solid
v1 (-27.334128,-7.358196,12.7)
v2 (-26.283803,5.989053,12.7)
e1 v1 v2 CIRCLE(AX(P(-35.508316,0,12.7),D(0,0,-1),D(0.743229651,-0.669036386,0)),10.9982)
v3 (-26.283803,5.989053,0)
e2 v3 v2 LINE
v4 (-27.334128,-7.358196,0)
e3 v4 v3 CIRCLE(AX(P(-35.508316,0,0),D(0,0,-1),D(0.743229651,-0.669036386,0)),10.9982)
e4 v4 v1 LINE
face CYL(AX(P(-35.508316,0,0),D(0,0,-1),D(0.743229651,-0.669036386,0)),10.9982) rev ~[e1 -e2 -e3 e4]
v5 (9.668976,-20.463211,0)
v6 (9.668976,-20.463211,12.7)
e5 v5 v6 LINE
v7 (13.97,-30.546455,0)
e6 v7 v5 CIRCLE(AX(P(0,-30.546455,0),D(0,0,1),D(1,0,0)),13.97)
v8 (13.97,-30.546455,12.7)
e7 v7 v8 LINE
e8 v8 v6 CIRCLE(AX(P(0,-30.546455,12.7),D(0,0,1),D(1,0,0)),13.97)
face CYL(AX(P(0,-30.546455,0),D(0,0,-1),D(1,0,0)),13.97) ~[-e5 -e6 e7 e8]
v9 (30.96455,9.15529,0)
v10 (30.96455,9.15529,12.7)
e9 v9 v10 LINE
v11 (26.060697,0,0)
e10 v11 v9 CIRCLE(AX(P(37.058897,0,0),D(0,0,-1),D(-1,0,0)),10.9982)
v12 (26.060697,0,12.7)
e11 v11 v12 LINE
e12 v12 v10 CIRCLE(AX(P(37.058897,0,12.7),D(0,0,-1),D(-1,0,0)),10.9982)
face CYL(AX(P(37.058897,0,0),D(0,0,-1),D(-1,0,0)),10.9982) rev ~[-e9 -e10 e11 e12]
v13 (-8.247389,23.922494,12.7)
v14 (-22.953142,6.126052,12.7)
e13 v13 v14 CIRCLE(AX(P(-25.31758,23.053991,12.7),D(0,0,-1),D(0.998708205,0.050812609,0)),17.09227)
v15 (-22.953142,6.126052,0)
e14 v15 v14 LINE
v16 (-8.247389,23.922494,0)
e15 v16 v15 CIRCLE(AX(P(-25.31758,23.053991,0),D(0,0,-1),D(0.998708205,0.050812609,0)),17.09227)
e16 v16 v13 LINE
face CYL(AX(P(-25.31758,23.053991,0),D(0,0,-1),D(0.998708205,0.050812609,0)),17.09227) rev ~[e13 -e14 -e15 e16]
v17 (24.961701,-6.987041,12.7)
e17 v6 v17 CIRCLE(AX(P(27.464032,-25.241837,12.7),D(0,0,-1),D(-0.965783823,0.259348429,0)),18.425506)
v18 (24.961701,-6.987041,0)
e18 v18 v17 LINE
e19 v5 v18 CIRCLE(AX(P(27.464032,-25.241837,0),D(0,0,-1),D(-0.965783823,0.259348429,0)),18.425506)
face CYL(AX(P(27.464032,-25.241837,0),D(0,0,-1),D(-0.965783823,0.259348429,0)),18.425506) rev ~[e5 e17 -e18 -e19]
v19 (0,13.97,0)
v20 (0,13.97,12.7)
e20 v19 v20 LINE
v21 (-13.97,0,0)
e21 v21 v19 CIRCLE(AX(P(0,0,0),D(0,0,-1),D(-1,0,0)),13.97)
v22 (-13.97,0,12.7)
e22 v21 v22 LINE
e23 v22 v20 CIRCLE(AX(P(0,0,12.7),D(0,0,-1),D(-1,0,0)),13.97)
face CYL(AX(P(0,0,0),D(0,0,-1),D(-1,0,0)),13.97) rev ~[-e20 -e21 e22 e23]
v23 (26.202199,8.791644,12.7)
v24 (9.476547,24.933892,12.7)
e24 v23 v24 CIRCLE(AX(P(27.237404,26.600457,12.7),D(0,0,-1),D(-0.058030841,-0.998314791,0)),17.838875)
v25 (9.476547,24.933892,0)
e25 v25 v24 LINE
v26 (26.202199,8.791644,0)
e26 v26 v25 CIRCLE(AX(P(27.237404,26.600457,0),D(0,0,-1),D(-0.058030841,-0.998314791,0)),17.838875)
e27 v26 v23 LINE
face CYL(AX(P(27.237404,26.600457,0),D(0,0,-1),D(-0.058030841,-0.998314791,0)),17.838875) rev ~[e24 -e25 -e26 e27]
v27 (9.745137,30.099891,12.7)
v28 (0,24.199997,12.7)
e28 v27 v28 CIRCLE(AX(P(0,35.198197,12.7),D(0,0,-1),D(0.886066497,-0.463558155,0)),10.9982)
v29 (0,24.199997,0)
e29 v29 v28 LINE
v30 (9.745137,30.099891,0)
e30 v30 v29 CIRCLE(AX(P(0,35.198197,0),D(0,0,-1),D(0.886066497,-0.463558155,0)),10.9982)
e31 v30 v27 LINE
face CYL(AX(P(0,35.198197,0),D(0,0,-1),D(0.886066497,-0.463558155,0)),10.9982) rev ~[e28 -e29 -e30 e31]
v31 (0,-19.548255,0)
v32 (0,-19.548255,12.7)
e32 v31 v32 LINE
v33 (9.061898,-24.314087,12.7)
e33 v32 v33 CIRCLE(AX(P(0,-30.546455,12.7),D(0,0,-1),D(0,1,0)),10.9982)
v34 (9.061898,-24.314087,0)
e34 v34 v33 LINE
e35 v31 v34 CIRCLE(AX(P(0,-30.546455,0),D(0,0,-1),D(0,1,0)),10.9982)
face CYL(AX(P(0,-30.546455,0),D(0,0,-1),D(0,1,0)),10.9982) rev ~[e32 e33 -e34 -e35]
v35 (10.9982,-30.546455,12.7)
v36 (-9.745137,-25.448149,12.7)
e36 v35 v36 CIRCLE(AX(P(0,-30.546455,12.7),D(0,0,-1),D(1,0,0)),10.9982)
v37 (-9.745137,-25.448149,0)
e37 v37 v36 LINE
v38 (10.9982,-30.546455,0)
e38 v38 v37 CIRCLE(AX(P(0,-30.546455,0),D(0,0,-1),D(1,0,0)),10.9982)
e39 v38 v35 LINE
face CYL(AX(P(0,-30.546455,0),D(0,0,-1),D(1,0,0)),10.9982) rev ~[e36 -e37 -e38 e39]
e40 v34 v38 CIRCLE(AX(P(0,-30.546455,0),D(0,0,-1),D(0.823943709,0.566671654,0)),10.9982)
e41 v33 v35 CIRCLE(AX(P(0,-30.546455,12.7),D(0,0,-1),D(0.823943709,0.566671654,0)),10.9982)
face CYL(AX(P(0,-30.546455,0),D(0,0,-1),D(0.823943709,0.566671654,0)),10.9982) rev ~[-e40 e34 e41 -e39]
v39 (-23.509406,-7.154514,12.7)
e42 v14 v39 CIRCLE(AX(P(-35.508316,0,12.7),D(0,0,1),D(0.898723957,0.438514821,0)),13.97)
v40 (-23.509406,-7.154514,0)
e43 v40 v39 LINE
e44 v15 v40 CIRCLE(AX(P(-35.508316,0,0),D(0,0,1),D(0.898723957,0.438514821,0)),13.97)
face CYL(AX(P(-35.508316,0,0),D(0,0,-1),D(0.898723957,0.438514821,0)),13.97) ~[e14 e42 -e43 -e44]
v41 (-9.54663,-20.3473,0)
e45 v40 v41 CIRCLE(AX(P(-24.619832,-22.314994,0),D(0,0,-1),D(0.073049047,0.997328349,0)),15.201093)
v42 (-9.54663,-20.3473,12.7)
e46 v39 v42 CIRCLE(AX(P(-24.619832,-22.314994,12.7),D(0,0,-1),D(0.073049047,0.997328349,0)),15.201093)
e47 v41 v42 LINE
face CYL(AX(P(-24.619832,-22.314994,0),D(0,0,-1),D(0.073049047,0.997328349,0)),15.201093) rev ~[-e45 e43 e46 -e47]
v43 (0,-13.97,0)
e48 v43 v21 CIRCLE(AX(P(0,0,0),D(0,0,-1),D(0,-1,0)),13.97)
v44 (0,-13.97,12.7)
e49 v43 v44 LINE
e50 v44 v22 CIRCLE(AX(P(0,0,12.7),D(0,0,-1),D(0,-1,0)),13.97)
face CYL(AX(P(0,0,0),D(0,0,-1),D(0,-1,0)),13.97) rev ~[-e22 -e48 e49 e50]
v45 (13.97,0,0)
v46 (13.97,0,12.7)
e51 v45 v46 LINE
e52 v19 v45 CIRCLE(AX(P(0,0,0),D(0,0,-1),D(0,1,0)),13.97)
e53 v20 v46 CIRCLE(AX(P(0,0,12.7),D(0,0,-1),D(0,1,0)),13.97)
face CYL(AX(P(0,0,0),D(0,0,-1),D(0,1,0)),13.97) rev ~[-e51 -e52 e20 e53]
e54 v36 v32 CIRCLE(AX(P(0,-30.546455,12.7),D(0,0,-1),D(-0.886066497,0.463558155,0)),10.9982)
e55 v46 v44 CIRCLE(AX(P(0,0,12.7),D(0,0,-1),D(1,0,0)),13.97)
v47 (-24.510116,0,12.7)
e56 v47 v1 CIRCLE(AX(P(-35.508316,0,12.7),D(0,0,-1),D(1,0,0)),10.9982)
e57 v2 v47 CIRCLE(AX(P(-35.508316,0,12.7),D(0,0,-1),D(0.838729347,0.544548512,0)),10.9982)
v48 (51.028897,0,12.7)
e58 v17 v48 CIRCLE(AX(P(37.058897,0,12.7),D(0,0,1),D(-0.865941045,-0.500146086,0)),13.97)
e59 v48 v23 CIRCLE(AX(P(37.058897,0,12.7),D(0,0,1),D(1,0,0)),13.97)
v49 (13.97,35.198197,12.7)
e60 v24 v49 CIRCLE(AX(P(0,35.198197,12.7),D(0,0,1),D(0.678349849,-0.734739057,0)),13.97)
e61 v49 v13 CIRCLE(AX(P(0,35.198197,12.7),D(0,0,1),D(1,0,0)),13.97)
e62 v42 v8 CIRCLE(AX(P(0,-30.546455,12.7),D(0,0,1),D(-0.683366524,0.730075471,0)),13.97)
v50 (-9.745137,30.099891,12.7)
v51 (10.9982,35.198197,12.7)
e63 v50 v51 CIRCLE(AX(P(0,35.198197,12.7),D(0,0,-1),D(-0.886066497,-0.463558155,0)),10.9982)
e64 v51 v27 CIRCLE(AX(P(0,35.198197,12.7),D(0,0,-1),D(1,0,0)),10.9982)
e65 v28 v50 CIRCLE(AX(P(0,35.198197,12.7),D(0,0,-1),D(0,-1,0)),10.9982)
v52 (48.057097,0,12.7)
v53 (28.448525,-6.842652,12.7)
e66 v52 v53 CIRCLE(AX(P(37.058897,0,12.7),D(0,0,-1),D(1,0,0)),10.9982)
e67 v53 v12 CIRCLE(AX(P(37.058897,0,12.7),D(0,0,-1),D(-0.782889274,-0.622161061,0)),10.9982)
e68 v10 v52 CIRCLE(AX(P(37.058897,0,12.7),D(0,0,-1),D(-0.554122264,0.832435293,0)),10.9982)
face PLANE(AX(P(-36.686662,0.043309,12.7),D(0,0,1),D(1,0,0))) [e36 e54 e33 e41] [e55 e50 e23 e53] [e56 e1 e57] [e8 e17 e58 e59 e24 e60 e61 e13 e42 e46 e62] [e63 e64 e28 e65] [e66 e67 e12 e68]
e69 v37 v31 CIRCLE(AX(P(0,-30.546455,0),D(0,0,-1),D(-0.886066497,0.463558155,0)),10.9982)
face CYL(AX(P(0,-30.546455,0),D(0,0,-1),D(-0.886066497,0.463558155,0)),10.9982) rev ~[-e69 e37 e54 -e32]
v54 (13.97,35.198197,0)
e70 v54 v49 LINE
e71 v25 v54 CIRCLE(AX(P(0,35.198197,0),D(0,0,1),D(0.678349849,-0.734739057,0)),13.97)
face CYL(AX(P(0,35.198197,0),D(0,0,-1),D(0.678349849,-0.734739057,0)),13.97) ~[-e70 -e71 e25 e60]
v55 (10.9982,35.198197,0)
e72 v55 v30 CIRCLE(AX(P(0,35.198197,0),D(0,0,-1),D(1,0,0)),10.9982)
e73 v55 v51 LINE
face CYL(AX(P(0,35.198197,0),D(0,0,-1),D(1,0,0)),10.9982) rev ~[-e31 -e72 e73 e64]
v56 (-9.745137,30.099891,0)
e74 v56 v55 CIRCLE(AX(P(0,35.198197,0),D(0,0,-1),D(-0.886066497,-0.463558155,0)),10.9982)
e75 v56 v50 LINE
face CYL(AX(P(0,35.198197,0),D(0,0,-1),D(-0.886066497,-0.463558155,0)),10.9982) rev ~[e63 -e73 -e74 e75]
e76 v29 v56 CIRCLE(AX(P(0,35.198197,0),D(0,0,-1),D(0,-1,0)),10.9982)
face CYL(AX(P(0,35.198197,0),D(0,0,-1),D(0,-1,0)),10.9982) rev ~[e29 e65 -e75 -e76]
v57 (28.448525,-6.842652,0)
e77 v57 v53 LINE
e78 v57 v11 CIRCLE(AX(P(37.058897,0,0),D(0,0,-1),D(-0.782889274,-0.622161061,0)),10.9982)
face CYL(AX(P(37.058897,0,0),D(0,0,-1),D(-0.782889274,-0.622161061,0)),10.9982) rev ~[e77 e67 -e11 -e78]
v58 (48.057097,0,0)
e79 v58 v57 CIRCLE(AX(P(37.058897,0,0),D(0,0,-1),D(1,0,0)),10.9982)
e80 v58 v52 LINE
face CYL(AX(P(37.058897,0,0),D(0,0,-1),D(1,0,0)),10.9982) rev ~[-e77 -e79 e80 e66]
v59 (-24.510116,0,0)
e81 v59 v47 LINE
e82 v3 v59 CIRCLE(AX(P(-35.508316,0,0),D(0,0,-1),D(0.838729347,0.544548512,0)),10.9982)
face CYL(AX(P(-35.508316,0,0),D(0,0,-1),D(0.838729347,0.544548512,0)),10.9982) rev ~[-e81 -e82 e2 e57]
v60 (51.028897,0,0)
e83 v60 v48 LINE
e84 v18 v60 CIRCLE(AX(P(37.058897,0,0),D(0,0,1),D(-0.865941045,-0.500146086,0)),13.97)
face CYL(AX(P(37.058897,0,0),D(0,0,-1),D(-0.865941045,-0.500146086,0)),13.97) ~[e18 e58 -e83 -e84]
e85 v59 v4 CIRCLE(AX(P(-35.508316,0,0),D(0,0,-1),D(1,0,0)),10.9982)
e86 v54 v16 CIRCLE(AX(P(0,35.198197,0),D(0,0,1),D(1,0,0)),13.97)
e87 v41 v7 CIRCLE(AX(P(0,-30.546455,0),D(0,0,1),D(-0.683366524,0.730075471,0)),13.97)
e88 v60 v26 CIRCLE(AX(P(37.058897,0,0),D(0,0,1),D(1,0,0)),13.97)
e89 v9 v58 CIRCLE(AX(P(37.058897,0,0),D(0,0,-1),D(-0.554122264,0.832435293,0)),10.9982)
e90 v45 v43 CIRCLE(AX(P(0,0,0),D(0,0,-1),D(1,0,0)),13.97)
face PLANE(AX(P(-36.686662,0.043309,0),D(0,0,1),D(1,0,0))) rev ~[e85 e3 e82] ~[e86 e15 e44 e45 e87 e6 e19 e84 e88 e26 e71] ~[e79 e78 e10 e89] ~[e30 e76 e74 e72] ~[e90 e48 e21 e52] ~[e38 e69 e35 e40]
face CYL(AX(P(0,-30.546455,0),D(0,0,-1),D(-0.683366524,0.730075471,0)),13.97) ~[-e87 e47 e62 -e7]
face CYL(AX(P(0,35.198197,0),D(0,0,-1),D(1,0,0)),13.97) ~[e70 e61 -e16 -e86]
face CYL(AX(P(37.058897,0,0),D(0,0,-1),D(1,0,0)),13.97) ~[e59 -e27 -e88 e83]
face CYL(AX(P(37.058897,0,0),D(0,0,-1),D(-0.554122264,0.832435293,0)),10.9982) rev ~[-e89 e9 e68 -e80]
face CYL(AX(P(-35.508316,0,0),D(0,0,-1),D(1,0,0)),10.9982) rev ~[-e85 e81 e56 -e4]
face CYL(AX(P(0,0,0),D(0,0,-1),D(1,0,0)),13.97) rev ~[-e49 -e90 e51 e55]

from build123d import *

# Parameters (mm, degrees)
F1_DEPTH = 12.7


with BuildPart() as f1:
    # F0 (on Top) → F1 (new body)
    with BuildSketch(Plane.XY):
        with BuildLine():
            ThreePointArc((-26.2838029012, 5.9890534429), (-24.6151248103, 5.9761621536), (-22.9531423273, 6.1260520558))
            ThreePointArc((-22.9531423273, 6.1260520558), (-49.4660776258, 0.5846286719), (-23.509406267, -7.1545136085))
            ThreePointArc((-23.509406267, -7.1545136085), (-25.4282077221, -7.135411063), (-27.3341276607, -7.3581959791))
            ThreePointArc((-27.3341276607, -7.3581959791), (-46.4726203609, 0.8628055089), (-26.2838029012, 5.9890534429))
        make_face()
        with BuildLine():
            Line((-24.5101160102, 0), (-21.5383160102, 0))
            ThreePointArc((-21.5383160102, 0), (-21.8966174323, 3.1436542152), (-22.9531423273, 6.1260520558))
            ThreePointArc((-22.9531423273, 6.1260520558), (-24.6151248103, 5.9761621536), (-26.2838029012, 5.9890534429))
            ThreePointArc((-26.2838029012, 5.9890534429), (-24.9628562451, 3.1230884685), (-24.5101160102, 0))
        make_face()
        with BuildLine():
            ThreePointArc((-23.509406267, -7.1545136085), (-22.0401002948, -3.7105343879), (-21.5383160102, 0))
            Line((-21.5383160102, 0), (-24.5101160102, 0))
            ThreePointArc((-24.5101160102, 0), (-25.2403619408, -3.9407515105), (-27.3341276607, -7.3581959791))
            ThreePointArc((-27.3341276607, -7.3581959791), (-25.4282077221, -7.135411063), (-23.509406267, -7.1545136085))
        make_face()
        with BuildLine():
            ThreePointArc((-13.97, 0), (-9.8782817332, 9.8782817332), (0, 13.97))
            Line((0, 13.97), (0, 21.2281967688))
            ThreePointArc((0, 21.2281967688), (-4.3381640986, 21.9188431605), (-8.2473894167, 23.922494227))
            ThreePointArc((-8.2473894167, 23.922494227), (-12.1416726615, 12.1663301502), (-22.9531423273, 6.1260520558))
            ThreePointArc((-22.9531423273, 6.1260520558), (-21.8966174323, 3.1436542152), (-21.5383160102, 0))
            Line((-21.5383160102, 0), (-13.97, 0))
        make_face()
        with BuildLine():
            Line((0, -16.5764547127), (0, -13.97))
            ThreePointArc((0, -13.97), (-9.8782817332, -9.8782817332), (-13.97, 0))
            Line((-13.97, 0), (-21.5383160102, 0))
            ThreePointArc((-21.5383160102, 0), (-22.0401002948, -3.7105343879), (-23.509406267, -7.1545136085))
            ThreePointArc((-23.509406267, -7.1545136085), (-14.1800112892, -11.2658599468), (-9.5466303459, -20.3473003831))
            ThreePointArc((-9.5466303459, -20.3473003831), (-5.1321883254, -17.5533202567), (0, -16.5764547127))
        make_face()
        with BuildLine():
            ThreePointArc((13.97, -30.5464547127), (12.8498346481, -25.0653371701), (9.6689764472, -20.4632114615))
            ThreePointArc((9.6689764472, -20.4632114615), (9.263305422, -22.3725482488), (9.0618977051, -24.3140865254))
            ThreePointArc((9.0618977051, -24.3140865254), (10.5029749733, -27.2833396443), (10.9982, -30.5464547127))
            ThreePointArc((10.9982, -30.5464547127), (-2.625018329, -41.2267956255), (-9.7451365483, -25.4481494163))
            ThreePointArc((-9.7451365483, -25.4481494163), (-9.4302368554, -22.9061170685), (-9.5466303459, -20.3473003831))
            ThreePointArc((-9.5466303459, -20.3473003831), (-5.5585283155, -43.3629933627), (13.97, -30.5464547127))
        make_face()
        with BuildLine():
            ThreePointArc((9.6689764472, -20.4632114615), (5.2104698339, -17.5845141131), (0, -16.5764547127))
            Line((0, -16.5764547127), (0, -19.5482547127))
            ThreePointArc((0, -19.5482547127), (5.1193540335, -20.8123590938), (9.0618977051, -24.3140865254))
            ThreePointArc((9.0618977051, -24.3140865254), (9.263305422, -22.3725482488), (9.6689764472, -20.4632114615))
        make_face()
        with BuildLine():
            Line((0, -19.5482547127), (0, -16.5764547127))
            ThreePointArc((0, -16.5764547127), (-5.1321883254, -17.5533202567), (-9.5466303459, -20.3473003831))
            ThreePointArc((-9.5466303459, -20.3473003831), (-9.4302368554, -22.9061170685), (-9.7451365483, -25.4481494163))
            ThreePointArc((-9.7451365483, -25.4481494163), (-5.6959732236, -21.1381449668), (0, -19.5482547127))
        make_face()
        with BuildLine():
            Line((23.0888973165, 0), (13.97, 0))
            ThreePointArc((13.97, 0), (9.8782817332, -9.8782817332), (0, -13.97))
            Line((0, -13.97), (0, -16.5764547127))
            ThreePointArc((0, -16.5764547127), (5.2104698339, -17.5845141131), (9.6689764472, -20.4632114615))
            ThreePointArc((9.6689764472, -20.4632114615), (15.2821696202, -11.4178910111), (24.9617009206, -6.9870408157))
            ThreePointArc((24.9617009206, -6.9870408157), (23.5652185436, -3.6168402197), (23.0888973165, 0))
        make_face()
        with BuildLine():
            ThreePointArc((51.0288973165, 0), (41.7222021913, 13.1686934676), (26.2021990138, 8.7916438716))
            ThreePointArc((26.2021990138, 8.7916438716), (28.5955998519, 8.8133611699), (30.9645498306, 9.1552898349))
            ThreePointArc((30.9645498306, 9.1552898349), (42.2518517126, 9.6950310922), (48.0570973165, 0))
            ThreePointArc((48.0570973165, 0), (40.6825557587, -10.3840985518), (28.4485245075, -6.8426517763))
            ThreePointArc((28.4485245075, -6.8426517763), (26.701686584, -6.8321093301), (24.9617009206, -6.9870408157))
            ThreePointArc((24.9617009206, -6.9870408157), (40.6757375362, -13.4936787729), (51.0288973165, 0))
        make_face()
        with BuildLine():
            ThreePointArc((26.2021990138, 8.7916438716), (23.8902038488, 4.6633048748), (23.0888973165, 0))
            Line((23.0888973165, 0), (26.0606973165, 0))
            ThreePointArc((26.0606973165, 0), (27.3638662242, 5.1929543961), (30.9645498306, 9.1552898349))
            ThreePointArc((30.9645498306, 9.1552898349), (28.5955998519, 8.8133611699), (26.2021990138, 8.7916438716))
        make_face()
        with BuildLine():
            Line((26.0606973165, 0), (23.0888973165, 0))
            ThreePointArc((23.0888973165, 0), (23.5652185436, -3.6168402197), (24.9617009206, -6.9870408157))
            ThreePointArc((24.9617009206, -6.9870408157), (26.701686584, -6.8321093301), (28.4485245075, -6.8426517763))
            ThreePointArc((28.4485245075, -6.8426517763), (26.6747987646, -3.6236584423), (26.0606973165, 0))
        make_face()
        with BuildLine():
            ThreePointArc((0, 13.97), (9.8782817332, 9.8782817332), (13.97, 0))
            Line((13.97, 0), (23.0888973165, 0))
            ThreePointArc((23.0888973165, 0), (23.8902038488, 4.6633048748), (26.2021990138, 8.7916438716))
            ThreePointArc((26.2021990138, 8.7916438716), (14.8492633775, 13.7645914435), (9.476547394, 24.9338921412))
            ThreePointArc((9.476547394, 24.9338921412), (5.0876597937, 22.1875619716), (0, 21.2281967688))
            Line((0, 21.2281967688), (0, 13.97))
        make_face()
        with BuildLine():
            ThreePointArc((13.97, 35.1981967688), (-6.3223757342, 47.655663007), (-8.2473894167, 23.922494227))
            ThreePointArc((-8.2473894167, 23.922494227), (-8.7065761615, 27.0814291625), (-9.7451365483, 30.0998914723))
            ThreePointArc((-9.7451365483, 30.0998914723), (-2.625018329, 45.8785376815), (10.9982, 35.1981967688))
            ThreePointArc((10.9982, 35.1981967688), (10.6803409127, 32.5731784398), (9.7451365483, 30.0998914723))
            ThreePointArc((9.7451365483, 30.0998914723), (9.4225906062, 27.5266793177), (9.476547394, 24.9338921412))
            ThreePointArc((9.476547394, 24.9338921412), (12.7974268331, 29.5958074167), (13.97, 35.1981967688))
        make_face()
        with BuildLine():
            Line((0, 24.1999967688), (0, 21.2281967688))
            ThreePointArc((0, 21.2281967688), (5.0876597937, 22.1875619716), (9.476547394, 24.9338921412))
            ThreePointArc((9.476547394, 24.9338921412), (9.4225906062, 27.5266793177), (9.7451365483, 30.0998914723))
            ThreePointArc((9.7451365483, 30.0998914723), (5.6959732236, 25.7898870228), (0, 24.1999967688))
        make_face()
        with BuildLine():
            ThreePointArc((-8.2473894167, 23.922494227), (-4.3381640986, 21.9188431605), (0, 21.2281967688))
            Line((0, 21.2281967688), (0, 24.1999967688))
            ThreePointArc((0, 24.1999967688), (-5.6959732236, 25.7898870228), (-9.7451365483, 30.0998914723))
            ThreePointArc((-9.7451365483, 30.0998914723), (-8.7065761615, 27.0814291625), (-8.2473894167, 23.922494227))
        make_face()
    extrude(amount=F1_DEPTH)


solid = f1.part
